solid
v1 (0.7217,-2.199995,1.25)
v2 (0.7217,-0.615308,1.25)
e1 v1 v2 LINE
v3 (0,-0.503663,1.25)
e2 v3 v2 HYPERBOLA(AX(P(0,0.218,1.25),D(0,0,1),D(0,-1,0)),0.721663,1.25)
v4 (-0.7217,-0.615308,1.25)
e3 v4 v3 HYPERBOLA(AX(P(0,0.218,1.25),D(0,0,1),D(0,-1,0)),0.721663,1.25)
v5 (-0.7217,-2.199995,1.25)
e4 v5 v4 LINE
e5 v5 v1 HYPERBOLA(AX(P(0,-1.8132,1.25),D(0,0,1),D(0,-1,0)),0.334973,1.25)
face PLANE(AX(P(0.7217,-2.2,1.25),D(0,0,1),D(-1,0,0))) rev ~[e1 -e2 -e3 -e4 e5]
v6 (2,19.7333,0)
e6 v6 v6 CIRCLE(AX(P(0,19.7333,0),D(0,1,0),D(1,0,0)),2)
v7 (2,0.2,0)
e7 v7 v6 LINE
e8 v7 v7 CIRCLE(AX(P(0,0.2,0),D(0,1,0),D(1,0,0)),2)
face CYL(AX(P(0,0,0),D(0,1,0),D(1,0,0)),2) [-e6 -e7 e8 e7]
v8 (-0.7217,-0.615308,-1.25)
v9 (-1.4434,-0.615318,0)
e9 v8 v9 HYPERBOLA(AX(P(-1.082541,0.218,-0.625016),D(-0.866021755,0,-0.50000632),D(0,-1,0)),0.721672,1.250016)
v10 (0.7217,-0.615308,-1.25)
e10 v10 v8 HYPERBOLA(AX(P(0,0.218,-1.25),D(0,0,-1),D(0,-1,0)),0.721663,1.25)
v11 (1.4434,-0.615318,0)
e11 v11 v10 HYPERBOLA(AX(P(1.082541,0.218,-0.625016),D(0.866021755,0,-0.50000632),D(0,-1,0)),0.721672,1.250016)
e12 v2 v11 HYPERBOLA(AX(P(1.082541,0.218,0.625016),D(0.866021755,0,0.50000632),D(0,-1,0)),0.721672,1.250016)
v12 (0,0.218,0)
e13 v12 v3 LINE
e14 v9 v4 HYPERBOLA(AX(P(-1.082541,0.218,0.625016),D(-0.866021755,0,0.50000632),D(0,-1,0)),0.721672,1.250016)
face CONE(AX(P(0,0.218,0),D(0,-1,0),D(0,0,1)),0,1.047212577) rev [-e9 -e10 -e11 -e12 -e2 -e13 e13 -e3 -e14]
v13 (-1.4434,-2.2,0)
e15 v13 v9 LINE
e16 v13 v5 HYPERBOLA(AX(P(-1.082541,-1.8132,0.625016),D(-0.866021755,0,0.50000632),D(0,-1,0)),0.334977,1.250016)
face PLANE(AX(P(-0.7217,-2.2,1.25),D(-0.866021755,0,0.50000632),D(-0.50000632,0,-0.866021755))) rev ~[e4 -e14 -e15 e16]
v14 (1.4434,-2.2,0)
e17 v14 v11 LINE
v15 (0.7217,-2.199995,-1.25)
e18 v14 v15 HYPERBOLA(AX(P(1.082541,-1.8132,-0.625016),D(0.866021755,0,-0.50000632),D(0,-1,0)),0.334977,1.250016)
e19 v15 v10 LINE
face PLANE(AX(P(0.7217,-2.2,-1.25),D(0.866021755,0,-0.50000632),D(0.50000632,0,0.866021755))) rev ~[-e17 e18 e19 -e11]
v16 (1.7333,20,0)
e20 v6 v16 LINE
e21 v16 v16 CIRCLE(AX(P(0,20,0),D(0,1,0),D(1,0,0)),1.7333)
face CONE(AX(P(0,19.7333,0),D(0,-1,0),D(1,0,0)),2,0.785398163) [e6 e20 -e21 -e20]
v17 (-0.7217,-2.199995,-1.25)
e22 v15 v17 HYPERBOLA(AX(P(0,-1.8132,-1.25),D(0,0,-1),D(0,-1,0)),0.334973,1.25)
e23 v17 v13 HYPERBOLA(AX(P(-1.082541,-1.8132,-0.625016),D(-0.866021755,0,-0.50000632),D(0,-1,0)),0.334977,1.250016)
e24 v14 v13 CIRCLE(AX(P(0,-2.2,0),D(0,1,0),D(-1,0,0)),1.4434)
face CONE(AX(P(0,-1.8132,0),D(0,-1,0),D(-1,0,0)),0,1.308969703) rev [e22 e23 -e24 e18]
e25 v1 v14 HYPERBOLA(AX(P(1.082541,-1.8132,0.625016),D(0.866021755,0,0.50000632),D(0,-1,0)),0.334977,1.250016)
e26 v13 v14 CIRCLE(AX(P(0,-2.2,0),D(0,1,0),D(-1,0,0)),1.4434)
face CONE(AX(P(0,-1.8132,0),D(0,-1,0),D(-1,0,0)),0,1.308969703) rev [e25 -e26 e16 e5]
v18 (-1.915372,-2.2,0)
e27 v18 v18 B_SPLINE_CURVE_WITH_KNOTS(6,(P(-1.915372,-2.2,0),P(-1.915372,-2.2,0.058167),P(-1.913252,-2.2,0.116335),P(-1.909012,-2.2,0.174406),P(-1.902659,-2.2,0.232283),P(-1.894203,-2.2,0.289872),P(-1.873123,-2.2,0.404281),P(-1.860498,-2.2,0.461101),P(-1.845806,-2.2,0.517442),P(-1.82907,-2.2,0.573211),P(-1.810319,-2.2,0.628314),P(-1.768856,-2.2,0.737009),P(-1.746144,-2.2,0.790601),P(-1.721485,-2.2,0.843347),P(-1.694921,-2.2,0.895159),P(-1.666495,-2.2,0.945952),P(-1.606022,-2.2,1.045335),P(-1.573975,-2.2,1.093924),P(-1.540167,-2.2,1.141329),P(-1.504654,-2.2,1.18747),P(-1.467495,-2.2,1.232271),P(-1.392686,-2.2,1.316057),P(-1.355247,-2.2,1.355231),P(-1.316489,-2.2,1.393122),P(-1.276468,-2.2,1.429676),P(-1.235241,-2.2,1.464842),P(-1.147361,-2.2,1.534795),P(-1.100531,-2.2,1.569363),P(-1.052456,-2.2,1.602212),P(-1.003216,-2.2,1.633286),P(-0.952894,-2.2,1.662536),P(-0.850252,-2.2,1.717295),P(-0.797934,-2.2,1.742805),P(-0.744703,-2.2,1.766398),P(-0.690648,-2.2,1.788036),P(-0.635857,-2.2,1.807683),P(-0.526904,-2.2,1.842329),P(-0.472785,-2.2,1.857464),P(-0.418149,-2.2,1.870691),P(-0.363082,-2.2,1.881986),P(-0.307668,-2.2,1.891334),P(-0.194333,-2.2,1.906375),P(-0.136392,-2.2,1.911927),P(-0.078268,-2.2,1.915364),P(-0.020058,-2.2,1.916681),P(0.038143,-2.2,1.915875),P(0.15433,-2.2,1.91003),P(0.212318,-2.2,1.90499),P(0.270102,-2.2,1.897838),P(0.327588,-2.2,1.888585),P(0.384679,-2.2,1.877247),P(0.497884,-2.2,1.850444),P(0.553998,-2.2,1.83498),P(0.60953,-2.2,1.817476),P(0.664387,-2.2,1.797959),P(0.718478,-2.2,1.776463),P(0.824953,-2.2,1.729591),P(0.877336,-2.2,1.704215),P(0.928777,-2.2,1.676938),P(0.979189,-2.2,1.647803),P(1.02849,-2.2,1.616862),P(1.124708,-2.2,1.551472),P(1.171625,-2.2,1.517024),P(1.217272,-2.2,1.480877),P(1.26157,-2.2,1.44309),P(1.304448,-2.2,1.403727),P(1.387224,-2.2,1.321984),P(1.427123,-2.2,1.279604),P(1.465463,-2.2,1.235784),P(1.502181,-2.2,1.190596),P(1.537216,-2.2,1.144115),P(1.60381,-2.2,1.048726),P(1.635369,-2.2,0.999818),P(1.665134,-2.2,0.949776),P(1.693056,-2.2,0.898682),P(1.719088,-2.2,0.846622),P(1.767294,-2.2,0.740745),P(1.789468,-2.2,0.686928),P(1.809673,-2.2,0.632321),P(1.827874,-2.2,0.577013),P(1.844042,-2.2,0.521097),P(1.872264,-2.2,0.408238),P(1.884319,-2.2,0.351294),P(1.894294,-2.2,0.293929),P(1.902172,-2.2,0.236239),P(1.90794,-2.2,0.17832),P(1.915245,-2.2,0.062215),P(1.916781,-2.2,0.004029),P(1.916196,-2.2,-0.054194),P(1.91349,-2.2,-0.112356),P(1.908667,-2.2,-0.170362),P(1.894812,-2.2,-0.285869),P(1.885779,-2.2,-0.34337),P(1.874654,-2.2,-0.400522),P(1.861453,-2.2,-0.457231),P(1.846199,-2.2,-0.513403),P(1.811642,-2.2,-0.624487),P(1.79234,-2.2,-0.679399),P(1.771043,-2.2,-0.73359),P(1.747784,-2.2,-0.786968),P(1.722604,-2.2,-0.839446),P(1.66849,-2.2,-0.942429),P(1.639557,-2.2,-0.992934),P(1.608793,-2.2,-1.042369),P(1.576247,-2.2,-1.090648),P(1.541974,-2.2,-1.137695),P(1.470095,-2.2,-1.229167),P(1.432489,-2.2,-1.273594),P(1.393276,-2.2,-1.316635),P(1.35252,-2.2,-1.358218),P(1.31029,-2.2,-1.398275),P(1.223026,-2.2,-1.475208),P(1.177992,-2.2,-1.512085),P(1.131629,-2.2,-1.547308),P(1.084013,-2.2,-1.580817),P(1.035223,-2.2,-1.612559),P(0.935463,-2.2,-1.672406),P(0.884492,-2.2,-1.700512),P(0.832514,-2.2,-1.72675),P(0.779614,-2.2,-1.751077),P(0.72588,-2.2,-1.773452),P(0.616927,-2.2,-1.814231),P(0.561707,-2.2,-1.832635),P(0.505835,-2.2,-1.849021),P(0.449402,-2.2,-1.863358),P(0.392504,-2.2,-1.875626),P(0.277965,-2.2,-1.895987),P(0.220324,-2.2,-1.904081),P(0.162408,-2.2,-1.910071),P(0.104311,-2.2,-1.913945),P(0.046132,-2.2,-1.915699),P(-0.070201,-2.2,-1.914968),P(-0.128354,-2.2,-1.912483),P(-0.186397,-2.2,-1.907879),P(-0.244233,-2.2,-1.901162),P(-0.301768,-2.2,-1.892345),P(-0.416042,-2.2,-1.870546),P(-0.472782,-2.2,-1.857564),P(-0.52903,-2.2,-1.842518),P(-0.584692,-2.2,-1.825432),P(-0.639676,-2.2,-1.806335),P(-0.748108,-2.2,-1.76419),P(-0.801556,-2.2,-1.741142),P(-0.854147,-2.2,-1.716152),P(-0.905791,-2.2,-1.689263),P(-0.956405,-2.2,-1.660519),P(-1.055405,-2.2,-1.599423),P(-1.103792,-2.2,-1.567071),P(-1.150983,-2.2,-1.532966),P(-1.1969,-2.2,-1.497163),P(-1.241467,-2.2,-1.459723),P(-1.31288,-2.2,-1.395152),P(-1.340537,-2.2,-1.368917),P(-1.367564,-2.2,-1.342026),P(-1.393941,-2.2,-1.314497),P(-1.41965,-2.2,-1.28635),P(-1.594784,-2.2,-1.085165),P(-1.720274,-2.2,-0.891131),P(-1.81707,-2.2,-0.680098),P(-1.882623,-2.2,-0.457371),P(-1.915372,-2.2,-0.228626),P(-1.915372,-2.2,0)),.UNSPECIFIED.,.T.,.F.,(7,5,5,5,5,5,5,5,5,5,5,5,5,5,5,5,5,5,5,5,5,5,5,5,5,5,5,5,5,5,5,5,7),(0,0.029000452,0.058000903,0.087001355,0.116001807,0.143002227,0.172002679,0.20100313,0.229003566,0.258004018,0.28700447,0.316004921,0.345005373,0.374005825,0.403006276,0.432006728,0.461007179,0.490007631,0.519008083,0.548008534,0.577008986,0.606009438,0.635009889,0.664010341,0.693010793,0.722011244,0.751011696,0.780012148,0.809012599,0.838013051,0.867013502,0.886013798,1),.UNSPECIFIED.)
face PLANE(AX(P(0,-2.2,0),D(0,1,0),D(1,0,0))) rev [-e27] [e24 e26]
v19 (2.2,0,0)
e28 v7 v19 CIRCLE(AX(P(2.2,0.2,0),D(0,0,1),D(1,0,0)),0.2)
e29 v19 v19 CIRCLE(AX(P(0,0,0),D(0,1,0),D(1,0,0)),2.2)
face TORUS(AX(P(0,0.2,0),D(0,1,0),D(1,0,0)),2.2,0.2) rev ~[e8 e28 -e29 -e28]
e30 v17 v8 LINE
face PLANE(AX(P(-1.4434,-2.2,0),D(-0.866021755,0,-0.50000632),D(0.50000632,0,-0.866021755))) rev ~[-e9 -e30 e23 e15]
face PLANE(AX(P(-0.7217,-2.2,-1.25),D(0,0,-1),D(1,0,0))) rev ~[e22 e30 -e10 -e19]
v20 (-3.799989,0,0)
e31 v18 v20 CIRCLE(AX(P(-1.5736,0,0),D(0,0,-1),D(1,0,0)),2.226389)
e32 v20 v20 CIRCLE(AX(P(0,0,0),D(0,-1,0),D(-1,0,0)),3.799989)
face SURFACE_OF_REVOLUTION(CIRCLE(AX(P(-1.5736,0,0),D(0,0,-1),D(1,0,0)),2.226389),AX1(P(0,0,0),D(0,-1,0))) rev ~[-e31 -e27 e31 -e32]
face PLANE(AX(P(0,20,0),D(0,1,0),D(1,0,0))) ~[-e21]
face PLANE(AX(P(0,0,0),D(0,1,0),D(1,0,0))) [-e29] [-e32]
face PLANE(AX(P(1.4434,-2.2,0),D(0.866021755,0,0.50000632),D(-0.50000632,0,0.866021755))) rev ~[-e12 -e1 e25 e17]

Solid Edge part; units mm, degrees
sketch "Sketch1" plane through (0, 0, 0) normal (0, 0, 1) x (1, 0, 0)
  line L0 (2, 0) -> (2, 20)
  line L1 (0, 20) -> (2, 20)
  line L2 (0, 0) -> (0, 20)
  line L3 (0, 0) -> (0, -2.2)
  line L4 (0, -2.2) -> (3.8, -2.2)
  line L5 (3.8, -2.2) -> (3.8, 0)
  line L6 (3.8, 0) -> (2, 0)
revolve "RevolvedProtrusion1" add sketch "Sketch1" angle 360 about axis through (0, 0, 0) along (0, 1, 0)
sketch "Sketch2" plane through (0, 0, 0) normal (1, 0, 0) x (0, 1, 0)
  line L0 (-2.2, 1.9365) -> (-0.9, 1.9365)
  line L1 (0.218, 0) -> (-0.9, 1.9365)
  line L2 (-2.2, 0) -> (0.218, 0)
  line L3 (-2.2, 0) -> (-2.2, 1.9365)
revolve "RevolvedCutout1" cut sketch "Sketch2" angle 360 about axis through (0, -4.5, 0) along (0, 1, 0)
sketch "Sketch3" plane through (0, -2.2, 0) normal (0, -1, 0) x (0, 0, 1)
  circle A0 centre (0, 0) radius 1.9365
  line L0 (-1.25, -0.7217) -> (0, -1.4434)
  line L1 (0, -1.4434) -> (1.25, -0.7217)
  line L2 (1.25, -0.7217) -> (1.25, 0.7217)
  line L3 (1.25, 0.7217) -> (0, 1.4434)
  line L4 (0, 1.4434) -> (-1.25, 0.7217)
  line L5 (-1.25, 0.7217) -> (-1.25, -0.7217)
  dimension "D1" = 2.5
extrude "Protrusion1" add sketch "Sketch3" against normal up to next
sketch "Sketch4" plane through (0, 0, 0) normal (0, 0, 1) x (1, 0, 0)
  line L0 (-1.4434, -2.2) -> (0, -2.2)
  line L1 (0, -2.2) -> (0, -1.8132)
  line L2 (0, -1.8132) -> (-1.4434, -2.2)
revolve "RevolvedCutout2" cut sketch "Sketch4" angle 360 about axis through (0, -4.5, 0) along (0, 1, 0)
fillet "Round1" radius 0.2 1 edges at (0, 0, -2)
chamfer "倒斜角_2" distance 0.2667 angle 45 1 edges at (0, 20, -2)
cosmetic_thread "螺纹_3" size "M4" thread depth 18.6
sketch "Sketch5" plane through (0, 0, 0) normal (0, 0, 1) x (1, 0, 0)
  arc A0 (-1.9153, -2.2) -> (-3.8, 0) centre (-1.5736, 0) cw
revolve "RevolvedCutout3" cut sketch "Sketch5" angle 360 about axis through (0, 0, 0) along (0, -1, 0) material side at (-3.3024, -1.481, 0)
